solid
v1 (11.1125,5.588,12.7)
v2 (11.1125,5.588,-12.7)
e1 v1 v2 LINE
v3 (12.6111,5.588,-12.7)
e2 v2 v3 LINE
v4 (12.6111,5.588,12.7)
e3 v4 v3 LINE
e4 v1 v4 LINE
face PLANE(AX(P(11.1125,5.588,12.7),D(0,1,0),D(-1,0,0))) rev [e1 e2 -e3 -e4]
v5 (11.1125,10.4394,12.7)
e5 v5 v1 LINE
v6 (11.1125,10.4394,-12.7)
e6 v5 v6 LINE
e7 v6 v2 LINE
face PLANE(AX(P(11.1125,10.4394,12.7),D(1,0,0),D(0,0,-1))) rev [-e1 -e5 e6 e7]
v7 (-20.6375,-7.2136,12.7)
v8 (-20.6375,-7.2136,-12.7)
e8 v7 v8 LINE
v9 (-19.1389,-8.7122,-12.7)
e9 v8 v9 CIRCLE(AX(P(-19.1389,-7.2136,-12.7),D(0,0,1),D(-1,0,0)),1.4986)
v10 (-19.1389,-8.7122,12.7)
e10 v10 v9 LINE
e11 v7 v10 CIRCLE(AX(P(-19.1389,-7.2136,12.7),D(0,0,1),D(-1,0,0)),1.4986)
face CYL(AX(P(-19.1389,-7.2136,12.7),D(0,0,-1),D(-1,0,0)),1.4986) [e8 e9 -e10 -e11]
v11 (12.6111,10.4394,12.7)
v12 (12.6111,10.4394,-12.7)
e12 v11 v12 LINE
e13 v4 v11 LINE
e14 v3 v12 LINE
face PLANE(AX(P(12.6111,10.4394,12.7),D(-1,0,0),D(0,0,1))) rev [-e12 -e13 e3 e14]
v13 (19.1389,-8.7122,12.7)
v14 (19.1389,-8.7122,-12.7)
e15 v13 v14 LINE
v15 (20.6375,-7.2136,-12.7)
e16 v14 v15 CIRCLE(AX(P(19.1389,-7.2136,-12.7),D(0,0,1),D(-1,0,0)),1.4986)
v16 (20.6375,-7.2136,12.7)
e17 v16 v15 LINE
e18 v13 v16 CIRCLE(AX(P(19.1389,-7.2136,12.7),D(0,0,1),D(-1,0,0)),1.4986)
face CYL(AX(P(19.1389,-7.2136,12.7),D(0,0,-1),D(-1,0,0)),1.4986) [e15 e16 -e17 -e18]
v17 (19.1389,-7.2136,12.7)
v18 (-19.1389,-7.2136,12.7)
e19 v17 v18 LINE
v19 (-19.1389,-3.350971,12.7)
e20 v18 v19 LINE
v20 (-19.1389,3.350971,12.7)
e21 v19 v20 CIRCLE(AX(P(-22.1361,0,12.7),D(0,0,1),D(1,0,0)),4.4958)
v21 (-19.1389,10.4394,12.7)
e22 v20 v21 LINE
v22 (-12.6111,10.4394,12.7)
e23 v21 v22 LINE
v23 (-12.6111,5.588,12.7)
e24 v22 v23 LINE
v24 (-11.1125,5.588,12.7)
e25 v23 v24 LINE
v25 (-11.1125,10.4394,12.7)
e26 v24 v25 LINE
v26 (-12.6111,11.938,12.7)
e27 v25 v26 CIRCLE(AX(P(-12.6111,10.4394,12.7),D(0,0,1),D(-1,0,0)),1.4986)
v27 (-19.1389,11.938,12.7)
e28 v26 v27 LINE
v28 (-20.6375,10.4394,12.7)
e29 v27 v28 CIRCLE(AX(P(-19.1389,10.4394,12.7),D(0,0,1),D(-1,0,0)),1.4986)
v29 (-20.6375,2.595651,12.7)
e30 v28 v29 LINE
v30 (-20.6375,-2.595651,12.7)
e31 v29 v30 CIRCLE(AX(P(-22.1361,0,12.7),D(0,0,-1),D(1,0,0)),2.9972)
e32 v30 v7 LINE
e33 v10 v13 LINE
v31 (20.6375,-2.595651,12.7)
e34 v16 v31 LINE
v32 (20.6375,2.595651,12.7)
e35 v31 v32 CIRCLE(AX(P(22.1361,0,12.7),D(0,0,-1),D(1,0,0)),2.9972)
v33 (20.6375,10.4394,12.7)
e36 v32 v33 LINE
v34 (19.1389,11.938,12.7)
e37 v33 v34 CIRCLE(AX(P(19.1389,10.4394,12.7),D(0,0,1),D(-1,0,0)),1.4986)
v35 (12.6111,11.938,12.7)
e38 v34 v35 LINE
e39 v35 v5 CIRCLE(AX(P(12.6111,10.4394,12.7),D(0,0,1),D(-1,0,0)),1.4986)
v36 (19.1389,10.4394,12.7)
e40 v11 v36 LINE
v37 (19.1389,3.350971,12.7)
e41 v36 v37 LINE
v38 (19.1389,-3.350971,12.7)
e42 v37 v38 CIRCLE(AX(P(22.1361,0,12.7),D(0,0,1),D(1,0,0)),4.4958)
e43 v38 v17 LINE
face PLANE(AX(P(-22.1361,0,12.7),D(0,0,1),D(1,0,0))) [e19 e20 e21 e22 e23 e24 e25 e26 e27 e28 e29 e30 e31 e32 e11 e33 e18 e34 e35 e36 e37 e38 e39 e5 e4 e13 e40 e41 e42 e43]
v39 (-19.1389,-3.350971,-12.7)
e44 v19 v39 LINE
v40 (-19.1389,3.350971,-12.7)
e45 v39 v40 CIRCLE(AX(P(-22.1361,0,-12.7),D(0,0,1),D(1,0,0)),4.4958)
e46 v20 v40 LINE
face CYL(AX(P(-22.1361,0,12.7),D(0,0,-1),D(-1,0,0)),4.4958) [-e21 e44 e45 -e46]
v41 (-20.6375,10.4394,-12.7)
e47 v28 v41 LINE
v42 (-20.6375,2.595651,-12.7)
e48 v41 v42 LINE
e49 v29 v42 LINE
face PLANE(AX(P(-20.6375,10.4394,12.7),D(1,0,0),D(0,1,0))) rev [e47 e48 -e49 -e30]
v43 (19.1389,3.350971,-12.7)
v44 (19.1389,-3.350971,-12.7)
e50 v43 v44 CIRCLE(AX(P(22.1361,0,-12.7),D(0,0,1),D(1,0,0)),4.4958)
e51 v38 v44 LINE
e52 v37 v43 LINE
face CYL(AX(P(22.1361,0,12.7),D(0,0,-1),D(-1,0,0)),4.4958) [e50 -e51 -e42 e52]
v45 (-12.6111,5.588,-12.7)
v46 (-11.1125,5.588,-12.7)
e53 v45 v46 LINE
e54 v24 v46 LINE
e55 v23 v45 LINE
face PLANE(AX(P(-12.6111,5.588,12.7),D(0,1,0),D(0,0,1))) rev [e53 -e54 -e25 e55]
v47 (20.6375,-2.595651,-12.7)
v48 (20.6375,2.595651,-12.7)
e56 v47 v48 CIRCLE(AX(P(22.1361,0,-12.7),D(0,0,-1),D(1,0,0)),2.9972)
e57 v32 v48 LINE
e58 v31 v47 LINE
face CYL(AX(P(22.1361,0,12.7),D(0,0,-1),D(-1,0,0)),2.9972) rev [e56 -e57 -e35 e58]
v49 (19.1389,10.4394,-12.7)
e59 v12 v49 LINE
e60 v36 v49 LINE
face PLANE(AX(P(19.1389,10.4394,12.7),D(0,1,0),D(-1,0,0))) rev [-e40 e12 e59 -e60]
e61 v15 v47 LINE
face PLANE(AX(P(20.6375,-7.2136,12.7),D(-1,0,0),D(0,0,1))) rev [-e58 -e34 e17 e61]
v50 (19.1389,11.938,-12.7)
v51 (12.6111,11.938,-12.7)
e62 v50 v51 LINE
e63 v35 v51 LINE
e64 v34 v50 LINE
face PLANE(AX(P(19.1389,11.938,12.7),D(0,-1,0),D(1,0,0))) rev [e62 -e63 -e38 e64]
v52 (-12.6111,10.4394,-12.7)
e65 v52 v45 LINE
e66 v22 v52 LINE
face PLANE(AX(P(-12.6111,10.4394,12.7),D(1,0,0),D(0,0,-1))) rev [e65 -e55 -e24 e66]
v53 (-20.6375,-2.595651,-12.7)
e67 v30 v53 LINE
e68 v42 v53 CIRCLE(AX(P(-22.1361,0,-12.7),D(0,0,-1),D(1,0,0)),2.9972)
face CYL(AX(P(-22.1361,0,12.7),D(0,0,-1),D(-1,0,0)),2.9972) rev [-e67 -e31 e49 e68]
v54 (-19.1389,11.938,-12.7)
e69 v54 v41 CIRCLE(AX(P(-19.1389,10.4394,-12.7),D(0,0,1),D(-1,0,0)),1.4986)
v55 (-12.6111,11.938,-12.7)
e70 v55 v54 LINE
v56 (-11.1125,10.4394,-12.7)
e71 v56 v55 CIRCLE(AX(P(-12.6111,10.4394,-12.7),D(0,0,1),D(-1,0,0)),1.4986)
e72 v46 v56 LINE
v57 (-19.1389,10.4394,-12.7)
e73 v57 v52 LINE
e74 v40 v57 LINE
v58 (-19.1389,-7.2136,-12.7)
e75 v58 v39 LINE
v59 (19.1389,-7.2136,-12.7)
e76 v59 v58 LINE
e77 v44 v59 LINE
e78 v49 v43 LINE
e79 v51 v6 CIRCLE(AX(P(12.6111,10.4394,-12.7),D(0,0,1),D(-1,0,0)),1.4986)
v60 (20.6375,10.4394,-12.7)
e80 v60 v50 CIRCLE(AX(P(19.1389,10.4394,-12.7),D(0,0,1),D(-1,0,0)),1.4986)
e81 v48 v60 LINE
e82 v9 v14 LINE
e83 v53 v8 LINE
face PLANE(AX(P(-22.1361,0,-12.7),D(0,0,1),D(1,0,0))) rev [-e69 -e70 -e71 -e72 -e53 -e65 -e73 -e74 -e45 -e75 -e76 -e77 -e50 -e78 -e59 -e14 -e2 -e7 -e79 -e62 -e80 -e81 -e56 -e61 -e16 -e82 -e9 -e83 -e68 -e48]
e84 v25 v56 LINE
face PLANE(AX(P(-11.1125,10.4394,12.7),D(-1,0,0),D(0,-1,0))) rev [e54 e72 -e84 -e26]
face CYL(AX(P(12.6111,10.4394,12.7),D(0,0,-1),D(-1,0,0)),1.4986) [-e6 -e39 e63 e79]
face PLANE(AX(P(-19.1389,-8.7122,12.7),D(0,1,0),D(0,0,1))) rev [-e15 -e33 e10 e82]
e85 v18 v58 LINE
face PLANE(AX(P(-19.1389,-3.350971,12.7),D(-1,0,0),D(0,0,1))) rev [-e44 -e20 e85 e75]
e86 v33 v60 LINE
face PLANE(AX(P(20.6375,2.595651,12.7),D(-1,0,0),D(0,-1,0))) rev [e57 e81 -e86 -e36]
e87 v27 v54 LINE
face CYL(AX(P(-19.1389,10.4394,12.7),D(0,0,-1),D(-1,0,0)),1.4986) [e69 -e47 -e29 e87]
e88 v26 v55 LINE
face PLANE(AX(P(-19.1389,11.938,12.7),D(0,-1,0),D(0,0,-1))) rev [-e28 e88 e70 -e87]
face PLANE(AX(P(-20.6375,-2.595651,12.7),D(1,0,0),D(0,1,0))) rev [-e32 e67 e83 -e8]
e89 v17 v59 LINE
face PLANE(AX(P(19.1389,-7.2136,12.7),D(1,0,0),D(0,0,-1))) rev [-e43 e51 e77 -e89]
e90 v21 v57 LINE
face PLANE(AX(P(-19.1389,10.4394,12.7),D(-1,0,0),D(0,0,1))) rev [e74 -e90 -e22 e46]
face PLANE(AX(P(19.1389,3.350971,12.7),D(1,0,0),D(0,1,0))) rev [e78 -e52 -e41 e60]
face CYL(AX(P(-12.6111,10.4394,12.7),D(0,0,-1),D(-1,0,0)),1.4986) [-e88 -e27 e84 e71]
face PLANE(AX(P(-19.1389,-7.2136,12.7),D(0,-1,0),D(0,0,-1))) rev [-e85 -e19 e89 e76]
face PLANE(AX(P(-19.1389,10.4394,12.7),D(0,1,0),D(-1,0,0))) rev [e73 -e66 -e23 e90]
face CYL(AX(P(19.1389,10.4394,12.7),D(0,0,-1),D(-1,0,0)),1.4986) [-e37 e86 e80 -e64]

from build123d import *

# Parameters (mm, degrees)
BASE_EXTRUDE_DEPTH = 12.7


with BuildPart() as part:
    # Sketch1 → Base-Extrude (new, symmetric)
    with BuildSketch(Plane.XY):
        with BuildLine():
            Line((-20.6375, 10.4394), (-20.6375, 2.59565134))
            ThreePointArc((-20.6375, 2.59565134), (-19.1389, 0), (-20.6375, -2.59565134))
            Line((-20.6375, -2.59565134), (-20.6375, -7.2136))
            ThreePointArc((-20.6375, -7.2136), (-20.198570222, -8.273270222), (-19.1389, -8.7122))
            Line((-19.1389, -8.7122), (19.1389, -8.7122))
            ThreePointArc((19.1389, -8.7122), (20.198570222, -8.273270222), (20.6375, -7.2136))
            Line((20.6375, -7.2136), (20.6375, -2.59565134))
            ThreePointArc((20.6375, -2.59565134), (19.1389, 0), (20.6375, 2.59565134))
            Line((20.6375, 2.59565134), (20.6375, 10.4394))
            ThreePointArc((20.6375, 10.4394), (20.198570222, 11.499070222), (19.1389, 11.938))
            Line((19.1389, 11.938), (12.6111, 11.938))
            ThreePointArc((12.6111, 11.938), (11.551429778, 11.499070222), (11.1125, 10.4394))
            Line((11.1125, 10.4394), (11.1125, 5.588))
            Line((11.1125, 5.588), (12.6111, 5.588))
            Line((12.6111, 5.588), (12.6111, 10.4394))
            Line((12.6111, 10.4394), (19.1389, 10.4394))
            Line((19.1389, 10.4394), (19.1389, 3.350971471))
            ThreePointArc((19.1389, 3.350971471), (17.6403, 0), (19.1389, -3.350971471))
            Line((19.1389, -3.350971471), (19.1389, -7.2136))
            Line((19.1389, -7.2136), (-19.1389, -7.2136))
            Line((-19.1389, -7.2136), (-19.1389, -3.350971471))
            ThreePointArc((-19.1389, -3.350971471), (-17.6403, 0), (-19.1389, 3.350971471))
            Line((-19.1389, 3.350971471), (-19.1389, 10.4394))
            Line((-19.1389, 10.4394), (-12.6111, 10.4394))
            Line((-12.6111, 10.4394), (-12.6111, 5.588))
            Line((-12.6111, 5.588), (-11.1125, 5.588))
            Line((-11.1125, 5.588), (-11.1125, 10.4394))
            ThreePointArc((-11.1125, 10.4394), (-11.551429778, 11.499070222), (-12.6111, 11.938))
            Line((-12.6111, 11.938), (-19.1389, 11.938))
            ThreePointArc((-19.1389, 11.938), (-20.198570222, 11.499070222), (-20.6375, 10.4394))
        make_face()
    extrude(amount=BASE_EXTRUDE_DEPTH, both=True)


solid = part.part
